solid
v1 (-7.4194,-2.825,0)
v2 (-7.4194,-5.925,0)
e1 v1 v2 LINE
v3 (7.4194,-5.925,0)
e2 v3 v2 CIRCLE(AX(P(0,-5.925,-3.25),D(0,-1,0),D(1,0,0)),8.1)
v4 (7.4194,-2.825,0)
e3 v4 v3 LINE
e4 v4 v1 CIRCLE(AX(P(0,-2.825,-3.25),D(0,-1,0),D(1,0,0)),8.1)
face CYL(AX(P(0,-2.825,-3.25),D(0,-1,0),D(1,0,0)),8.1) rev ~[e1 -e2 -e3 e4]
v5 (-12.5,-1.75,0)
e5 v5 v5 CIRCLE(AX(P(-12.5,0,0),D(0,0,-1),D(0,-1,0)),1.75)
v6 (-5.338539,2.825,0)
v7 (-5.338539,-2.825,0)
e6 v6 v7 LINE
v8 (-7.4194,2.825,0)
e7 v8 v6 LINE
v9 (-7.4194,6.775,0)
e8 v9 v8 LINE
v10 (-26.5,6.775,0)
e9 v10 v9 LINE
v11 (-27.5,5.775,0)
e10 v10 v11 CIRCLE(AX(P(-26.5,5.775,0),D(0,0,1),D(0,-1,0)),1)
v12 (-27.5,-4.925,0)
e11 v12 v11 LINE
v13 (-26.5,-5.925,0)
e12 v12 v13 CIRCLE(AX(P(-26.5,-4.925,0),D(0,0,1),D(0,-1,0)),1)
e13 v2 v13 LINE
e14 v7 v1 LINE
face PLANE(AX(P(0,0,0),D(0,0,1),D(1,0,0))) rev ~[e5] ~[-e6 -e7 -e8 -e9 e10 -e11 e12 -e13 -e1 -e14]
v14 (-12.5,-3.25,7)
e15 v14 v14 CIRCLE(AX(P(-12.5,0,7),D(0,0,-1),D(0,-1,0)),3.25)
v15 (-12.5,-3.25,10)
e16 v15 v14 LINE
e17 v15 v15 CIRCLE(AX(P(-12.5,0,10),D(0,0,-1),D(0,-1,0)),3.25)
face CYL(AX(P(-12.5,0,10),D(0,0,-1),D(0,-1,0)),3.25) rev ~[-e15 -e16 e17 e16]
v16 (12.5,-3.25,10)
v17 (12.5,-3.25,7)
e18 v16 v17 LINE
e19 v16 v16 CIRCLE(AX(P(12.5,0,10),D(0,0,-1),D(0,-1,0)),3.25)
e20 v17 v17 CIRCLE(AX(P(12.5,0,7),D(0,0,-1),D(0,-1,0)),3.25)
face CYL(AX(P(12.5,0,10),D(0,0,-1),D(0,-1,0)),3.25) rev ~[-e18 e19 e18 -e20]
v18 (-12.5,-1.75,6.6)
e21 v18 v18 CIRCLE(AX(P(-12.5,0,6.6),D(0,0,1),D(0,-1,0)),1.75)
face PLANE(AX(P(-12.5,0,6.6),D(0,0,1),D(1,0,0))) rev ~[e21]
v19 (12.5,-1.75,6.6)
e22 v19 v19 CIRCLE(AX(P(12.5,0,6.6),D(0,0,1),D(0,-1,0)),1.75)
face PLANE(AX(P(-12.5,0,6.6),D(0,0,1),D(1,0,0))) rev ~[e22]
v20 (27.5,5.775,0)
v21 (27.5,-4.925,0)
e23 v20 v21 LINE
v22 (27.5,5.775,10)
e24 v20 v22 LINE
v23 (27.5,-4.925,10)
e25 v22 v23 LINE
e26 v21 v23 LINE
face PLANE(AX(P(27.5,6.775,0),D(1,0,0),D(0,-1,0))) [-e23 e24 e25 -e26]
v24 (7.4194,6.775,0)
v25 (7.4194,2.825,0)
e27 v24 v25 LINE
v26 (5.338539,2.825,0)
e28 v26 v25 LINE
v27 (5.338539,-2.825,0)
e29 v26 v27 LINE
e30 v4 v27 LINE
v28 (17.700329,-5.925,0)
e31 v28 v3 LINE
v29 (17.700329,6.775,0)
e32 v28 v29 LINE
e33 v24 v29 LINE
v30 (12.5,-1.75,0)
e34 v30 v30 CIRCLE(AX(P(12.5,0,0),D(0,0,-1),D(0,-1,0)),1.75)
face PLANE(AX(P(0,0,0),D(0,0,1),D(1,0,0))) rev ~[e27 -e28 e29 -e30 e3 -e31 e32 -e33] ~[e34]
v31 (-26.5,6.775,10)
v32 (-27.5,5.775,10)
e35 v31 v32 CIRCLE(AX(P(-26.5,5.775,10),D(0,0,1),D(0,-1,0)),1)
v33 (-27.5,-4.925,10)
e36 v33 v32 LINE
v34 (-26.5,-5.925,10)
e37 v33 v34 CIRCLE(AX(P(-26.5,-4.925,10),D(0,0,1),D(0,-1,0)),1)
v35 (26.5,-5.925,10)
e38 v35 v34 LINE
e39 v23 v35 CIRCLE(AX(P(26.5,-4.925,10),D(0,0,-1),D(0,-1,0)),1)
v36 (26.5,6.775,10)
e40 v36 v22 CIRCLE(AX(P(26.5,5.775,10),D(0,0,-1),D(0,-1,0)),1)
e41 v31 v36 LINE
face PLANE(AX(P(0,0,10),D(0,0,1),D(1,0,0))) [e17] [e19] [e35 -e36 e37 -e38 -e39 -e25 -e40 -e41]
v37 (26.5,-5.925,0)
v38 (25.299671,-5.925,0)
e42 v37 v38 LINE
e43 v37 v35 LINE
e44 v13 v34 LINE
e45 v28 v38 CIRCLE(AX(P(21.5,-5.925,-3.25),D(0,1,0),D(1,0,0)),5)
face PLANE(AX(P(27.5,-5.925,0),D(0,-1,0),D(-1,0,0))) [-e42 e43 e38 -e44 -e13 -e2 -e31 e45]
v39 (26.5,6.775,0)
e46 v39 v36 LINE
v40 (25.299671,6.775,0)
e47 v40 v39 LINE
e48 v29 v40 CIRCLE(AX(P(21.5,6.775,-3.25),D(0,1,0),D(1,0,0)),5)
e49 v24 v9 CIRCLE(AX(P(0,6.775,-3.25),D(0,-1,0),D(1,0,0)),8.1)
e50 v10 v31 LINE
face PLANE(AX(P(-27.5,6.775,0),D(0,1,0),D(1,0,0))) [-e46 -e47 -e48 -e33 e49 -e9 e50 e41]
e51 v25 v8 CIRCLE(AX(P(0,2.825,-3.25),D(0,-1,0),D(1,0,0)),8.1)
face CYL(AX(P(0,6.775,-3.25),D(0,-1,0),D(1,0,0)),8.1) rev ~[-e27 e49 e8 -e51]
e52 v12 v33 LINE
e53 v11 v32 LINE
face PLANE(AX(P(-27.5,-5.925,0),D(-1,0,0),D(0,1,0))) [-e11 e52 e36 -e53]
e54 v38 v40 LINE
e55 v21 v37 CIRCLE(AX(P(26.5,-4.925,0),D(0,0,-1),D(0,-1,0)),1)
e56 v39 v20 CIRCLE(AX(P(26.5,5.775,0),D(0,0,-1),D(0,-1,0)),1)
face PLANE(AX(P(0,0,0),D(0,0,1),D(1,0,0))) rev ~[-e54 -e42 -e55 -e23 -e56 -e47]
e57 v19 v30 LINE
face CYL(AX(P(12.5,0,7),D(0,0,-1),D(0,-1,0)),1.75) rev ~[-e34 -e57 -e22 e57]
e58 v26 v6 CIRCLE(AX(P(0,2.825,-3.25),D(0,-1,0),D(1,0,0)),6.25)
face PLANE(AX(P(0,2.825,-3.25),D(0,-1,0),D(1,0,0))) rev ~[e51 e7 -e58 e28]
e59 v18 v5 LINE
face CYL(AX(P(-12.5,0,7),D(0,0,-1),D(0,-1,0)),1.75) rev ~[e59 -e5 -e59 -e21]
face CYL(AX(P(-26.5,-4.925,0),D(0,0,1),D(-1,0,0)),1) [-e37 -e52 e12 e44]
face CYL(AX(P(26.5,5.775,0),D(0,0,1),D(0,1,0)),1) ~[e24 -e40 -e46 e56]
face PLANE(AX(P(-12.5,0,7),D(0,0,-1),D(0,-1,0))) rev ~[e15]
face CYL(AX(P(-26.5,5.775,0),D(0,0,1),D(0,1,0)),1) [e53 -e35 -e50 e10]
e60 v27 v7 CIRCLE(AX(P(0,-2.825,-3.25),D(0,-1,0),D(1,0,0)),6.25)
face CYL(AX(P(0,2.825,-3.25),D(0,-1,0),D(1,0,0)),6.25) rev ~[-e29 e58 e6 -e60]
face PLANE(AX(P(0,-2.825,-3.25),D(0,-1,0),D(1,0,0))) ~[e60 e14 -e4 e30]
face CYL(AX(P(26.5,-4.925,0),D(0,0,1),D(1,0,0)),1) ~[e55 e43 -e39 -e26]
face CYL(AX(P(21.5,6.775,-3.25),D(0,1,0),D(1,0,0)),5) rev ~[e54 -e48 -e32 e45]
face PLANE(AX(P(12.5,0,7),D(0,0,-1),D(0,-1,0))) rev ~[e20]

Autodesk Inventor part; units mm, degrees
ref_plane "XZ Plane" through (0, 0, 0) normal (0, 1, 0) x (-1, 0, 0)
ref_plane "XY Plane" through (0, 0, 0) normal (0, 0, 1) x (1, 0, 0)
sketch "Sketch1" plane through (0, 0, 0) normal (0, 0, 1) x (1, 0, 0)
  line L0 (-27.5, 6.775) -> (27.5, 6.775)
  line L1 (27.5, 6.775) -> (27.5, -5.925)
  line L2 (27.5, -5.925) -> (-27.5, -5.925)
  line L3 (-27.5, -5.925) -> (-27.5, 6.775)
  point P0 (0, 0)
  dimension "d0" = 6.775
  dimension "d1" = 5.925
  dimension "d2" = 27.5
  dimension "d3" = 27.5
extrude "Extrusion1" add sketch "Sketch1" along normal blind 10
ref_plane "Work Plane1" through (0, 0, -3.25) normal (0, 0, -1) x (-1, 0, 0)
sketch "Sketch2" plane through (0, 0, -3.25) normal (0, 0, -1) x (-1, 0, 0)
  line L0 (27.5, 6.775) -> (-27.5, 6.775) projected
  line L1 (-27.5, -5.925) -> (27.5, -5.925) projected
  line L2 (0, 6.775) -> (-8.1, 6.775)
  line L3 (-27.5, 6.775) -> (27.5, 6.775) projected
  line L4 (-8.1, 6.775) -> (-8.1, 2.825)
  line L5 (-8.1, 2.825) -> (-6.25, 2.825)
  line L6 (-6.25, 2.825) -> (-6.25, -2.825)
  line L7 (-6.25, -2.825) -> (-8.1, -2.825)
  line L8 (-8.1, -2.825) -> (-8.1, -5.925)
  line L9 (27.5, -5.925) -> (-27.5, -5.925) projected
  line L10 (-8.1, -5.925) -> (0, -5.925)
  line L11 (0, -5.925) -> (0, 6.775)
  line L12 (0, -8.465) -> (0, 9.315) projected
  point P0 (0, 0)
  dimension "d7" = 8.1
  dimension "d8" = 6.25
  dimension "d9" = 3.95
  dimension "d10" = 3.1
revolve "Revolution1" cut sketch "Sketch2" angle 180 about axis through (0, 0, -3.25) along (0, -1, 0)
sketch "Sketch3" plane through (0, 0, 10) normal (0, 0, 1) x (1, 0, 0)
  line L0 (0, 0) -> (43.2339, 0) construction
  line L1 (0, 0) -> (-39.8542, 0) construction
  point P0 (-12.5, 0)
  point P1 (12.5, 0)
  dimension "d12" = 12.5
  dimension "d13" = 12.5
hole "Hole1" at (-12.5, 0, 10) at (12.5, 0, 10) direction (0, 0, -1) diameter 3.5 end through all counterbore diameter 6.5 counterbore depth 3
sketch "Sketch5" plane through (-27.5, 6.775, 10) normal (0, 1, 0) x (1, 0, 0)
  arc A0 (22.1615, 10) -> (32.8385, 10) centre (27.5, 13.25) ccw projected
  line L0 (27.5, 13.25) -> (61.0026, 13.25) construction
  line L1 (55, 10) -> (55, 0) projected
  circle A1 centre (49, 13.25) radius 5
  point P0 (27.5, 10)
  dimension "d26" = 6
  dimension "d27" = 10
extrude "Extrusion3" cut sketch "Sketch5" against normal through all
sketch "Sketch6" plane through (-12.5, 0, 7) normal (0, 0, 1) x (1, 0, 0)
  circle A0 centre (0, 0) radius 1.75 projected
  circle A1 centre (25, 0) radius 1.75 projected
  point P0 (12.5, 0)
extrude "Extrusion4" add sketch "Sketch6" against normal blind 0.4
fillet "Fillet2" radius 1 4 edges at (-27.5, 6.775, 5) (-27.5, -5.925, 5) (27.5, 6.775, 5) (27.5, -5.925, 5)
equation "\"d3\" = d2"
equation "\"d13\" = d12"
properties part number "Retainer_10mm" material "PC/ABS Plastic"
